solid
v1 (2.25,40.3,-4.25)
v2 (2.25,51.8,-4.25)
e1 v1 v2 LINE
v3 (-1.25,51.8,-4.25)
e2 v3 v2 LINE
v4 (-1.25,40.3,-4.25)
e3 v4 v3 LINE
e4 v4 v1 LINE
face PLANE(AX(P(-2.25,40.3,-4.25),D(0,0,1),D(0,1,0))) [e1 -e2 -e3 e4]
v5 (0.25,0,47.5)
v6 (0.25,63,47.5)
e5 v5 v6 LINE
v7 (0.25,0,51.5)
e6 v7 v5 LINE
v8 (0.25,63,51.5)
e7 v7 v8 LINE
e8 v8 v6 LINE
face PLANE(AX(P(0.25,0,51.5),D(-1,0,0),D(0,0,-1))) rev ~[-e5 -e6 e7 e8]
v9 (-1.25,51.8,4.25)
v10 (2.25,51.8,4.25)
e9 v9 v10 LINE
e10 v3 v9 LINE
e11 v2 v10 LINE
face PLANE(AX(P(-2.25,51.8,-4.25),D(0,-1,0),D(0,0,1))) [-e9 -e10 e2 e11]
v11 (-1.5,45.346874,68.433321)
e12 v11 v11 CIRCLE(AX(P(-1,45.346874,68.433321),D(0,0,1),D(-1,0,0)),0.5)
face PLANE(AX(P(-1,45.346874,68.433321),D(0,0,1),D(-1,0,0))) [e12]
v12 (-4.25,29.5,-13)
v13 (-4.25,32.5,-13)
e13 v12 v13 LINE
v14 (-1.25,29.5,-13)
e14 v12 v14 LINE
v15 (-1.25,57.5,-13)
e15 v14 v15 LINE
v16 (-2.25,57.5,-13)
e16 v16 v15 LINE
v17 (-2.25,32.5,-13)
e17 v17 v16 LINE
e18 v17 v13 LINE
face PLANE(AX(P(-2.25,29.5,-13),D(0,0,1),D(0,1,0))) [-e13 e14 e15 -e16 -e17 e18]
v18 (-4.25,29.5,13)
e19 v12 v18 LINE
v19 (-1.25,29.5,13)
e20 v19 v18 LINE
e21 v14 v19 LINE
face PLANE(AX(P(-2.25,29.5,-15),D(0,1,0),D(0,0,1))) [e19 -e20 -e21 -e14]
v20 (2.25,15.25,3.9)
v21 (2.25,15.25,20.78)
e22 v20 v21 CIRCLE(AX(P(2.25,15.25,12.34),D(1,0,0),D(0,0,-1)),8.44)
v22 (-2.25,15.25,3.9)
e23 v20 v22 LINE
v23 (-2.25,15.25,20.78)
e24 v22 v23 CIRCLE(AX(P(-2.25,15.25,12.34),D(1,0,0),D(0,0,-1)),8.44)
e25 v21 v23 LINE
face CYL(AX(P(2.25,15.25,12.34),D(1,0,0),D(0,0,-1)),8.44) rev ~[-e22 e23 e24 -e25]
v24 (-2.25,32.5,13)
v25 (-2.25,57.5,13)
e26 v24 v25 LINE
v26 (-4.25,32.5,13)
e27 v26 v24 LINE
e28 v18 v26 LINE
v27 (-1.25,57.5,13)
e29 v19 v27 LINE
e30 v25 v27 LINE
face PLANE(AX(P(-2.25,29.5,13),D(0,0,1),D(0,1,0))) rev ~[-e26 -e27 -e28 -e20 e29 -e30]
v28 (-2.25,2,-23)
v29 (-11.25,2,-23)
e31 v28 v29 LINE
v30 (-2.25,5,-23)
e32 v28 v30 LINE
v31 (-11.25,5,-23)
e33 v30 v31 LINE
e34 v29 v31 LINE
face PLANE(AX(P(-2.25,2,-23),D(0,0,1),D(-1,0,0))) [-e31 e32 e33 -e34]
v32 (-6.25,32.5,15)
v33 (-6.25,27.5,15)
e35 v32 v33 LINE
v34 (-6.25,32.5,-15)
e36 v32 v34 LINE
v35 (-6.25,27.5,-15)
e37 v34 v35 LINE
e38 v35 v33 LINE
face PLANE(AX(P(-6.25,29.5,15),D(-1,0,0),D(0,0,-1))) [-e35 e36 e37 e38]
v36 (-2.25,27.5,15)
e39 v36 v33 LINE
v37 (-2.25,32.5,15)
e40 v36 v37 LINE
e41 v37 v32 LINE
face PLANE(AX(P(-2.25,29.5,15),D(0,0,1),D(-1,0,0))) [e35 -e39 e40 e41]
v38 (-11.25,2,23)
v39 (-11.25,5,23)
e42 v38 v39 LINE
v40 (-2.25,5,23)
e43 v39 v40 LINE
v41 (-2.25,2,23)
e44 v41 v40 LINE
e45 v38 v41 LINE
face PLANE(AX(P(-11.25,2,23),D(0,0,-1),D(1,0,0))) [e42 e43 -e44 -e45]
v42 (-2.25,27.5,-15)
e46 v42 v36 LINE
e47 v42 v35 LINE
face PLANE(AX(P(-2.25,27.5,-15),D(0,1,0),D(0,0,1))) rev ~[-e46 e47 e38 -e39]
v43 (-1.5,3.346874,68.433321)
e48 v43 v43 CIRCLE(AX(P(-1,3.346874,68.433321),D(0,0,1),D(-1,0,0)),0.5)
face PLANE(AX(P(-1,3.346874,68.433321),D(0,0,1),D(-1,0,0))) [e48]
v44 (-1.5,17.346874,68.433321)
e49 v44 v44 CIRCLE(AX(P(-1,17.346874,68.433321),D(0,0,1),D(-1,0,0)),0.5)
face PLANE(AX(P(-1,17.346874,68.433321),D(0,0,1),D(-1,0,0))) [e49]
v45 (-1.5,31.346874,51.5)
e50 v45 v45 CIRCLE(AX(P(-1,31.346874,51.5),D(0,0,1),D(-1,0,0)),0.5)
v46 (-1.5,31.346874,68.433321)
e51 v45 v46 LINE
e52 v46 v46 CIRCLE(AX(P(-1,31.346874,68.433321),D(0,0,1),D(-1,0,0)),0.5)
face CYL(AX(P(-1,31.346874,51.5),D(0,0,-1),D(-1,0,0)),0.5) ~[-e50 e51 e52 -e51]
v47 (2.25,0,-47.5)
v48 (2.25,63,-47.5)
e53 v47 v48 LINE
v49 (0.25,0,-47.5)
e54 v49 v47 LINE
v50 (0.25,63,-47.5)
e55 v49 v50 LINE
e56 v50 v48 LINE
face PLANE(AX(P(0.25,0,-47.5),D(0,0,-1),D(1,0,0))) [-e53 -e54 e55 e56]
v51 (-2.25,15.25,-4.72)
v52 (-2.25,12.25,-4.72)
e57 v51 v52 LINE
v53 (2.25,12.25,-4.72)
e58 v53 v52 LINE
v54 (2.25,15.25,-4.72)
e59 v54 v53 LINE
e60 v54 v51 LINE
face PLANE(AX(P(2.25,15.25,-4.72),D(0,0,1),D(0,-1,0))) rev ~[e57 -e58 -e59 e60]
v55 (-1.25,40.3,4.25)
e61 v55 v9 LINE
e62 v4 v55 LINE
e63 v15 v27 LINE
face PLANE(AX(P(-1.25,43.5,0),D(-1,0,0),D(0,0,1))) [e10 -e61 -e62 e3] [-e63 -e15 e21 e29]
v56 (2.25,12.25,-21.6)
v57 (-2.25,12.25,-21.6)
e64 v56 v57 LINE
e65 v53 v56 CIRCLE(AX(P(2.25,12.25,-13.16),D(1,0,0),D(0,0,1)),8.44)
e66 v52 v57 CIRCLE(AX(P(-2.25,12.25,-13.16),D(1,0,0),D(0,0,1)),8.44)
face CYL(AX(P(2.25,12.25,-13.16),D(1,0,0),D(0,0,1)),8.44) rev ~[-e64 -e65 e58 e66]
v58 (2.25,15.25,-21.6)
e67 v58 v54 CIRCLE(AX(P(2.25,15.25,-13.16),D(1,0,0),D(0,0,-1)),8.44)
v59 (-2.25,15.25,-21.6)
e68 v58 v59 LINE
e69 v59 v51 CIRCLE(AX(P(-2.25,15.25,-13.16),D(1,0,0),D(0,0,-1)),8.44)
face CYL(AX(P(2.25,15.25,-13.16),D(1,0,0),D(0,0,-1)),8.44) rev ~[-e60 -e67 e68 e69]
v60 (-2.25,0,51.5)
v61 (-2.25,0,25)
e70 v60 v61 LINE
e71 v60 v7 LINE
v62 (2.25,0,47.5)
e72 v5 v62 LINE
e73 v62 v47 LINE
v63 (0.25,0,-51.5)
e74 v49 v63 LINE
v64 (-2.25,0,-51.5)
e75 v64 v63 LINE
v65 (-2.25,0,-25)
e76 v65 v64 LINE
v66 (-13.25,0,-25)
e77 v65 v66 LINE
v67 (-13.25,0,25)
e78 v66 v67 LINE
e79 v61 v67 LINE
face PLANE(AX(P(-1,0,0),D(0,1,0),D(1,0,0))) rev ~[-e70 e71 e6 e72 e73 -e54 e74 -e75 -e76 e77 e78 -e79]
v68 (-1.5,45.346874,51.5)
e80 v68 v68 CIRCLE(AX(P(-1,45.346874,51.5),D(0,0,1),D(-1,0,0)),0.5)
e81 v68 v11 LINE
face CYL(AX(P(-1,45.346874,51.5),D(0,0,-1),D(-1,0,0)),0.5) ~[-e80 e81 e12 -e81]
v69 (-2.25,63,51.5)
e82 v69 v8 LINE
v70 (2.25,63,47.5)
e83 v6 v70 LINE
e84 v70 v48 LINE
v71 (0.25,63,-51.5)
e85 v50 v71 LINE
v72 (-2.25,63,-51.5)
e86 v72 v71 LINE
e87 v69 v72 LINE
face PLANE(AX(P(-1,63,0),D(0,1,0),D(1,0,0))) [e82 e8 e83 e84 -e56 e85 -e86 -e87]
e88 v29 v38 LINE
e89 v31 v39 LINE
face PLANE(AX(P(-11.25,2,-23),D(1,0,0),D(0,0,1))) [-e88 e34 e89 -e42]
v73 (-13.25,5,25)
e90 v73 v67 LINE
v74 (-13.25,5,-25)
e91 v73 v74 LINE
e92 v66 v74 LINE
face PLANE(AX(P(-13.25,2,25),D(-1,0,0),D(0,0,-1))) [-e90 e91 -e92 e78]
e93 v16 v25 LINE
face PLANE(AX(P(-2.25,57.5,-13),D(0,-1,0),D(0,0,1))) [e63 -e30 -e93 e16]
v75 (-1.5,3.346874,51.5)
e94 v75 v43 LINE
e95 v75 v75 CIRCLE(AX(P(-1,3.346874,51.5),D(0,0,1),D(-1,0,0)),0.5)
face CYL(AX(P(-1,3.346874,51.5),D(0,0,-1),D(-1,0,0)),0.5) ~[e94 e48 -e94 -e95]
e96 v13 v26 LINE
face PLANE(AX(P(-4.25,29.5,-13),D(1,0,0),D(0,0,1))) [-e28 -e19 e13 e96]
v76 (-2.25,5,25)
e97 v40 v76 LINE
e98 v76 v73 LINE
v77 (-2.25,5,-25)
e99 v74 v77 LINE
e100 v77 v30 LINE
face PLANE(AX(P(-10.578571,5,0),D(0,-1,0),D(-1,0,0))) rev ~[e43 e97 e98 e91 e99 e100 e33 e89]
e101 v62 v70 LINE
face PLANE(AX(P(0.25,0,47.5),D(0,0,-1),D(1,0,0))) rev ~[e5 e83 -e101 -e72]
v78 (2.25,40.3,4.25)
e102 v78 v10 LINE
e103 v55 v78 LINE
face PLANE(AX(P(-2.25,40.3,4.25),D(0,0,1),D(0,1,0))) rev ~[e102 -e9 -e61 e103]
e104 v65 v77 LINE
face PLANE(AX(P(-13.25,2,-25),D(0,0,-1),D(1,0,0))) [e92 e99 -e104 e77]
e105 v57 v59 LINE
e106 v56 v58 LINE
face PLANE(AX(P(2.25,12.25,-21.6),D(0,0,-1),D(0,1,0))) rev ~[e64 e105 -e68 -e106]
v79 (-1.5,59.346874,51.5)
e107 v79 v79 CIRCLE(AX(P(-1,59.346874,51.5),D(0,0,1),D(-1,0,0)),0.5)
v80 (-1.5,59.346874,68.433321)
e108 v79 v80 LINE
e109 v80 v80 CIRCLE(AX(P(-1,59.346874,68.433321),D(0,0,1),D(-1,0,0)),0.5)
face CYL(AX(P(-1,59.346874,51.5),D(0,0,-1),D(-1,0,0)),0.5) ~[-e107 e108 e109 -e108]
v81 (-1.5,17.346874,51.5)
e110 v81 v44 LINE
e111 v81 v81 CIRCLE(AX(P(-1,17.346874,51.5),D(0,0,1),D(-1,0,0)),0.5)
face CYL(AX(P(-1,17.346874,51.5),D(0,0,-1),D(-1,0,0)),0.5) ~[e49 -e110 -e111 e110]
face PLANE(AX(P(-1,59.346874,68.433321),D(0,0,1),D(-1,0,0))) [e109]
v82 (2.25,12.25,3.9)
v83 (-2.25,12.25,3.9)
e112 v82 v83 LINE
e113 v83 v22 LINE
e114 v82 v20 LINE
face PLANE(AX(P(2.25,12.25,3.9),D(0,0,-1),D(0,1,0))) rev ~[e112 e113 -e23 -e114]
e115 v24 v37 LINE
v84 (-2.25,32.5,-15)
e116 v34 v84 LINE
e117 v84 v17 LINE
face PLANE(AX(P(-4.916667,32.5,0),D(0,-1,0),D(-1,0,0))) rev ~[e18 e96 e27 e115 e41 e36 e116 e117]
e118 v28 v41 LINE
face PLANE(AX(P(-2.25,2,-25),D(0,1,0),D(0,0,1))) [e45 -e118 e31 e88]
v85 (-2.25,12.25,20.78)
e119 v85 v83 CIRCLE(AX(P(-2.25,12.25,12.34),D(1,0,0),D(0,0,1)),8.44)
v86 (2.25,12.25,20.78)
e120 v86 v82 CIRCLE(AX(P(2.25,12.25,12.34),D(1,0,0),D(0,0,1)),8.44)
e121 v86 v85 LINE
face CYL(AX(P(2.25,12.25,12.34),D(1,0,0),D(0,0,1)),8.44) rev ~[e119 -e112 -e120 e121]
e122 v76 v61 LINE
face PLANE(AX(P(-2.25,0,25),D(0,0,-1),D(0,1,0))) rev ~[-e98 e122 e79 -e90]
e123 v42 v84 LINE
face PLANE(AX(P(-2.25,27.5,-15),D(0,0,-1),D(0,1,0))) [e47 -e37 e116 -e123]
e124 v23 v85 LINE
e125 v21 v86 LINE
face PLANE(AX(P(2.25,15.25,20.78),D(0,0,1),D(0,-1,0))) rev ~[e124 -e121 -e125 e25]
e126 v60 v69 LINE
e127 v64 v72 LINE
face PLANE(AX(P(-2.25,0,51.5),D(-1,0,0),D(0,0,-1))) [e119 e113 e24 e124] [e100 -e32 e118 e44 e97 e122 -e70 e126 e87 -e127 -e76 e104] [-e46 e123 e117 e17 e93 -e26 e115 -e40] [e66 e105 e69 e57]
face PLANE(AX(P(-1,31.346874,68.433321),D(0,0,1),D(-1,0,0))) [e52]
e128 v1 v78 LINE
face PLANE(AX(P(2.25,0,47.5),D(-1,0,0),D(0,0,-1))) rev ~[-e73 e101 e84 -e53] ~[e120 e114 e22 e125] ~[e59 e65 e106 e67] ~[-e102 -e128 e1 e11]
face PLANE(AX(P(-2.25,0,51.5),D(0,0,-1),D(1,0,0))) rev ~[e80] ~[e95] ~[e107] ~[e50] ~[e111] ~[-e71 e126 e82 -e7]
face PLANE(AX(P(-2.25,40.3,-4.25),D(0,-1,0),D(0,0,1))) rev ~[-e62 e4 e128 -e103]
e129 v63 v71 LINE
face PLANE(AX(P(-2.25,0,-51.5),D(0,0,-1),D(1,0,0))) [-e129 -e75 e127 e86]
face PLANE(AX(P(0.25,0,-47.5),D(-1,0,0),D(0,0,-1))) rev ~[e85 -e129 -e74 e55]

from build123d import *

# Parameters (mm, degrees)
SKETCH_1_W          = 2.5
SKETCH_1_H          = 103
SKETCH_1_W_2        = 2
SKETCH_1_H_2        = 95
EXTRUDE_1_DEPTH     = 63
SKETCH_5_W          = 50
SKETCH_5_H          = 2
EXTRUDE_2_DEPTH     = 11
EXTRUDE_3_DEPTH     = 3
CUT_EXTRUDE_1_DEPTH = 4.5
SKETCH_11_W         = 8.5
SKETCH_11_H         = 11.5
CUT_EXTRUDE_2_DEPTH = 4.5
SKETCH_12_W         = 26
SKETCH_12_H         = 28
SKETCH_12_W_2       = 25
SKETCH_12_H_2       = 27
SKETCH_12_W_3       = 8.5
SKETCH_12_H_3       = 11.5
CUT_EXTRUDE_3_DEPTH = 1
SKETCH_13_W         = 30
SKETCH_13_H         = 2
EXTRUDE_4_DEPTH     = 4
EXTRUDE_5_DEPTH     = 3
SKETCH_15_R         = 0.5
EXTRUDE_6_DEPTH     = 16.933321459


with BuildPart() as part:
    # 스케치1 → 보스-돌출1 (new body)
    with BuildSketch(Plane(origin=(0, 0, 0), x_dir=(1, 0, 0), z_dir=(0, 1, 0))):
        with Locations((-1, 0)):
            Rectangle(SKETCH_1_W, SKETCH_1_H)
        with Locations((1.25, 0)):
            Rectangle(SKETCH_1_W_2, SKETCH_1_H_2)
    extrude(amount=EXTRUDE_1_DEPTH)

    # 스케치5 → 보스-돌출2 (add)
    with BuildSketch(Plane.ZY.offset(2.25)):
        with Locations((0, 1)):
            Rectangle(SKETCH_5_W, SKETCH_5_H)
    extrude(amount=EXTRUDE_2_DEPTH)

    # 스케치7 → 보스-돌출3 (add)
    with BuildSketch(Plane(origin=(0, 2, 0), x_dir=(1, 0, 0), z_dir=(0, 1, 0))):
        Polygon((-2.25, 23), (-11.25, 23), (-11.25, -23), (-2.25, -23), (-2.25, -25), (-13.25, -25), (-13.25, 25), (-2.25, 25), align=None)
    extrude(amount=EXTRUDE_3_DEPTH)

    # 스케치10 → 컷-돌출1 (cut)
    with BuildSketch(Plane(origin=(2.25, 0, 0), x_dir=(0, 0, -1), z_dir=(1, 0, 0))):
        with BuildLine():
            Line((-20.78, 15.25), (-20.78, 12.25))
            ThreePointArc((-20.78, 12.25), (-12.34, 3.81), (-3.9, 12.25))
            Line((-3.9, 12.25), (-3.9, 15.25))
            ThreePointArc((-3.9, 15.25), (-12.34, 23.69), (-20.78, 15.25))
        make_face()
        with BuildLine():
            Line((4.72, 15.25), (4.72, 12.25))
            ThreePointArc((4.72, 12.25), (13.16, 3.81), (21.6, 12.25))
            Line((21.6, 12.25), (21.6, 15.25))
            ThreePointArc((21.6, 15.25), (13.16, 23.69), (4.72, 15.25))
        make_face()
    extrude(amount=-CUT_EXTRUDE_1_DEPTH, mode=Mode.SUBTRACT)

    # 스케치11 → 컷-돌출2 (cut)
    with BuildSketch(Plane.ZY.offset(2.25)):
        with Locations((0, 46.05)):
            Rectangle(SKETCH_11_W, SKETCH_11_H)
    extrude(amount=-CUT_EXTRUDE_2_DEPTH, mode=Mode.SUBTRACT)

    # 스케치12 → 컷-돌출3 (cut)
    # profile 1 of 2: a face of its own
    with BuildSketch(Plane.ZY.offset(2.25)):
        with Locations((0, 43.5)):
            Rectangle(SKETCH_12_W, SKETCH_12_H)
        with Locations((0, 43.5)):
            Rectangle(SKETCH_12_W_2, SKETCH_12_H_2, mode=Mode.SUBTRACT)
    # profile 2 of 2: a face of its own
    with BuildSketch(Plane.ZY.offset(2.25)):
        with Locations((0, 43.5)):
            Rectangle(SKETCH_12_W_2, SKETCH_12_H_2)
        with Locations((0, 46.05)):
            Rectangle(SKETCH_12_W_3, SKETCH_12_H_3, mode=Mode.SUBTRACT)
    extrude(amount=-CUT_EXTRUDE_3_DEPTH, mode=Mode.SUBTRACT)

    # 스케치13 → 보스-돌출4 (add)
    with BuildSketch(Plane.ZY.offset(2.25)):
        with Locations((0, 28.5)):
            Rectangle(SKETCH_13_W, SKETCH_13_H)
    extrude(amount=EXTRUDE_4_DEPTH)

    # 스케치14 → 보스-돌출5 (add)
    with BuildSketch(Plane(origin=(0, 29.5, 0), x_dir=(1, 0, 0), z_dir=(0, 1, 0))):
        Polygon((-2.25, -13), (-2.25, -15), (-6.25, -15), (-6.25, 15), (-2.25, 15), (-2.25, 13), (-4.25, 13), (-4.25, -13), align=None)
    extrude(amount=EXTRUDE_5_DEPTH)

    # 스케치15 → 보스-돌출6 (add)
    with BuildSketch(Plane.XY.offset(51.5)):
        with Locations(Location((-1, 3.34687428, 0), (0, 0, 180))):
            Circle(SKETCH_15_R)
        with Locations(Location((-1, 17.34687428, 0), (0, 0, 180))):
            Circle(SKETCH_15_R)
        with Locations(Location((-1, 31.34687428, 0), (0, 0, 180))):
            Circle(SKETCH_15_R)
        with Locations(Location((-1, 45.34687428, 0), (0, 0, 180))):
            Circle(SKETCH_15_R)
        with Locations(Location((-1, 59.34687428, 0), (0, 0, 180))):
            Circle(SKETCH_15_R)
    extrude(amount=EXTRUDE_6_DEPTH)


solid = part.part
